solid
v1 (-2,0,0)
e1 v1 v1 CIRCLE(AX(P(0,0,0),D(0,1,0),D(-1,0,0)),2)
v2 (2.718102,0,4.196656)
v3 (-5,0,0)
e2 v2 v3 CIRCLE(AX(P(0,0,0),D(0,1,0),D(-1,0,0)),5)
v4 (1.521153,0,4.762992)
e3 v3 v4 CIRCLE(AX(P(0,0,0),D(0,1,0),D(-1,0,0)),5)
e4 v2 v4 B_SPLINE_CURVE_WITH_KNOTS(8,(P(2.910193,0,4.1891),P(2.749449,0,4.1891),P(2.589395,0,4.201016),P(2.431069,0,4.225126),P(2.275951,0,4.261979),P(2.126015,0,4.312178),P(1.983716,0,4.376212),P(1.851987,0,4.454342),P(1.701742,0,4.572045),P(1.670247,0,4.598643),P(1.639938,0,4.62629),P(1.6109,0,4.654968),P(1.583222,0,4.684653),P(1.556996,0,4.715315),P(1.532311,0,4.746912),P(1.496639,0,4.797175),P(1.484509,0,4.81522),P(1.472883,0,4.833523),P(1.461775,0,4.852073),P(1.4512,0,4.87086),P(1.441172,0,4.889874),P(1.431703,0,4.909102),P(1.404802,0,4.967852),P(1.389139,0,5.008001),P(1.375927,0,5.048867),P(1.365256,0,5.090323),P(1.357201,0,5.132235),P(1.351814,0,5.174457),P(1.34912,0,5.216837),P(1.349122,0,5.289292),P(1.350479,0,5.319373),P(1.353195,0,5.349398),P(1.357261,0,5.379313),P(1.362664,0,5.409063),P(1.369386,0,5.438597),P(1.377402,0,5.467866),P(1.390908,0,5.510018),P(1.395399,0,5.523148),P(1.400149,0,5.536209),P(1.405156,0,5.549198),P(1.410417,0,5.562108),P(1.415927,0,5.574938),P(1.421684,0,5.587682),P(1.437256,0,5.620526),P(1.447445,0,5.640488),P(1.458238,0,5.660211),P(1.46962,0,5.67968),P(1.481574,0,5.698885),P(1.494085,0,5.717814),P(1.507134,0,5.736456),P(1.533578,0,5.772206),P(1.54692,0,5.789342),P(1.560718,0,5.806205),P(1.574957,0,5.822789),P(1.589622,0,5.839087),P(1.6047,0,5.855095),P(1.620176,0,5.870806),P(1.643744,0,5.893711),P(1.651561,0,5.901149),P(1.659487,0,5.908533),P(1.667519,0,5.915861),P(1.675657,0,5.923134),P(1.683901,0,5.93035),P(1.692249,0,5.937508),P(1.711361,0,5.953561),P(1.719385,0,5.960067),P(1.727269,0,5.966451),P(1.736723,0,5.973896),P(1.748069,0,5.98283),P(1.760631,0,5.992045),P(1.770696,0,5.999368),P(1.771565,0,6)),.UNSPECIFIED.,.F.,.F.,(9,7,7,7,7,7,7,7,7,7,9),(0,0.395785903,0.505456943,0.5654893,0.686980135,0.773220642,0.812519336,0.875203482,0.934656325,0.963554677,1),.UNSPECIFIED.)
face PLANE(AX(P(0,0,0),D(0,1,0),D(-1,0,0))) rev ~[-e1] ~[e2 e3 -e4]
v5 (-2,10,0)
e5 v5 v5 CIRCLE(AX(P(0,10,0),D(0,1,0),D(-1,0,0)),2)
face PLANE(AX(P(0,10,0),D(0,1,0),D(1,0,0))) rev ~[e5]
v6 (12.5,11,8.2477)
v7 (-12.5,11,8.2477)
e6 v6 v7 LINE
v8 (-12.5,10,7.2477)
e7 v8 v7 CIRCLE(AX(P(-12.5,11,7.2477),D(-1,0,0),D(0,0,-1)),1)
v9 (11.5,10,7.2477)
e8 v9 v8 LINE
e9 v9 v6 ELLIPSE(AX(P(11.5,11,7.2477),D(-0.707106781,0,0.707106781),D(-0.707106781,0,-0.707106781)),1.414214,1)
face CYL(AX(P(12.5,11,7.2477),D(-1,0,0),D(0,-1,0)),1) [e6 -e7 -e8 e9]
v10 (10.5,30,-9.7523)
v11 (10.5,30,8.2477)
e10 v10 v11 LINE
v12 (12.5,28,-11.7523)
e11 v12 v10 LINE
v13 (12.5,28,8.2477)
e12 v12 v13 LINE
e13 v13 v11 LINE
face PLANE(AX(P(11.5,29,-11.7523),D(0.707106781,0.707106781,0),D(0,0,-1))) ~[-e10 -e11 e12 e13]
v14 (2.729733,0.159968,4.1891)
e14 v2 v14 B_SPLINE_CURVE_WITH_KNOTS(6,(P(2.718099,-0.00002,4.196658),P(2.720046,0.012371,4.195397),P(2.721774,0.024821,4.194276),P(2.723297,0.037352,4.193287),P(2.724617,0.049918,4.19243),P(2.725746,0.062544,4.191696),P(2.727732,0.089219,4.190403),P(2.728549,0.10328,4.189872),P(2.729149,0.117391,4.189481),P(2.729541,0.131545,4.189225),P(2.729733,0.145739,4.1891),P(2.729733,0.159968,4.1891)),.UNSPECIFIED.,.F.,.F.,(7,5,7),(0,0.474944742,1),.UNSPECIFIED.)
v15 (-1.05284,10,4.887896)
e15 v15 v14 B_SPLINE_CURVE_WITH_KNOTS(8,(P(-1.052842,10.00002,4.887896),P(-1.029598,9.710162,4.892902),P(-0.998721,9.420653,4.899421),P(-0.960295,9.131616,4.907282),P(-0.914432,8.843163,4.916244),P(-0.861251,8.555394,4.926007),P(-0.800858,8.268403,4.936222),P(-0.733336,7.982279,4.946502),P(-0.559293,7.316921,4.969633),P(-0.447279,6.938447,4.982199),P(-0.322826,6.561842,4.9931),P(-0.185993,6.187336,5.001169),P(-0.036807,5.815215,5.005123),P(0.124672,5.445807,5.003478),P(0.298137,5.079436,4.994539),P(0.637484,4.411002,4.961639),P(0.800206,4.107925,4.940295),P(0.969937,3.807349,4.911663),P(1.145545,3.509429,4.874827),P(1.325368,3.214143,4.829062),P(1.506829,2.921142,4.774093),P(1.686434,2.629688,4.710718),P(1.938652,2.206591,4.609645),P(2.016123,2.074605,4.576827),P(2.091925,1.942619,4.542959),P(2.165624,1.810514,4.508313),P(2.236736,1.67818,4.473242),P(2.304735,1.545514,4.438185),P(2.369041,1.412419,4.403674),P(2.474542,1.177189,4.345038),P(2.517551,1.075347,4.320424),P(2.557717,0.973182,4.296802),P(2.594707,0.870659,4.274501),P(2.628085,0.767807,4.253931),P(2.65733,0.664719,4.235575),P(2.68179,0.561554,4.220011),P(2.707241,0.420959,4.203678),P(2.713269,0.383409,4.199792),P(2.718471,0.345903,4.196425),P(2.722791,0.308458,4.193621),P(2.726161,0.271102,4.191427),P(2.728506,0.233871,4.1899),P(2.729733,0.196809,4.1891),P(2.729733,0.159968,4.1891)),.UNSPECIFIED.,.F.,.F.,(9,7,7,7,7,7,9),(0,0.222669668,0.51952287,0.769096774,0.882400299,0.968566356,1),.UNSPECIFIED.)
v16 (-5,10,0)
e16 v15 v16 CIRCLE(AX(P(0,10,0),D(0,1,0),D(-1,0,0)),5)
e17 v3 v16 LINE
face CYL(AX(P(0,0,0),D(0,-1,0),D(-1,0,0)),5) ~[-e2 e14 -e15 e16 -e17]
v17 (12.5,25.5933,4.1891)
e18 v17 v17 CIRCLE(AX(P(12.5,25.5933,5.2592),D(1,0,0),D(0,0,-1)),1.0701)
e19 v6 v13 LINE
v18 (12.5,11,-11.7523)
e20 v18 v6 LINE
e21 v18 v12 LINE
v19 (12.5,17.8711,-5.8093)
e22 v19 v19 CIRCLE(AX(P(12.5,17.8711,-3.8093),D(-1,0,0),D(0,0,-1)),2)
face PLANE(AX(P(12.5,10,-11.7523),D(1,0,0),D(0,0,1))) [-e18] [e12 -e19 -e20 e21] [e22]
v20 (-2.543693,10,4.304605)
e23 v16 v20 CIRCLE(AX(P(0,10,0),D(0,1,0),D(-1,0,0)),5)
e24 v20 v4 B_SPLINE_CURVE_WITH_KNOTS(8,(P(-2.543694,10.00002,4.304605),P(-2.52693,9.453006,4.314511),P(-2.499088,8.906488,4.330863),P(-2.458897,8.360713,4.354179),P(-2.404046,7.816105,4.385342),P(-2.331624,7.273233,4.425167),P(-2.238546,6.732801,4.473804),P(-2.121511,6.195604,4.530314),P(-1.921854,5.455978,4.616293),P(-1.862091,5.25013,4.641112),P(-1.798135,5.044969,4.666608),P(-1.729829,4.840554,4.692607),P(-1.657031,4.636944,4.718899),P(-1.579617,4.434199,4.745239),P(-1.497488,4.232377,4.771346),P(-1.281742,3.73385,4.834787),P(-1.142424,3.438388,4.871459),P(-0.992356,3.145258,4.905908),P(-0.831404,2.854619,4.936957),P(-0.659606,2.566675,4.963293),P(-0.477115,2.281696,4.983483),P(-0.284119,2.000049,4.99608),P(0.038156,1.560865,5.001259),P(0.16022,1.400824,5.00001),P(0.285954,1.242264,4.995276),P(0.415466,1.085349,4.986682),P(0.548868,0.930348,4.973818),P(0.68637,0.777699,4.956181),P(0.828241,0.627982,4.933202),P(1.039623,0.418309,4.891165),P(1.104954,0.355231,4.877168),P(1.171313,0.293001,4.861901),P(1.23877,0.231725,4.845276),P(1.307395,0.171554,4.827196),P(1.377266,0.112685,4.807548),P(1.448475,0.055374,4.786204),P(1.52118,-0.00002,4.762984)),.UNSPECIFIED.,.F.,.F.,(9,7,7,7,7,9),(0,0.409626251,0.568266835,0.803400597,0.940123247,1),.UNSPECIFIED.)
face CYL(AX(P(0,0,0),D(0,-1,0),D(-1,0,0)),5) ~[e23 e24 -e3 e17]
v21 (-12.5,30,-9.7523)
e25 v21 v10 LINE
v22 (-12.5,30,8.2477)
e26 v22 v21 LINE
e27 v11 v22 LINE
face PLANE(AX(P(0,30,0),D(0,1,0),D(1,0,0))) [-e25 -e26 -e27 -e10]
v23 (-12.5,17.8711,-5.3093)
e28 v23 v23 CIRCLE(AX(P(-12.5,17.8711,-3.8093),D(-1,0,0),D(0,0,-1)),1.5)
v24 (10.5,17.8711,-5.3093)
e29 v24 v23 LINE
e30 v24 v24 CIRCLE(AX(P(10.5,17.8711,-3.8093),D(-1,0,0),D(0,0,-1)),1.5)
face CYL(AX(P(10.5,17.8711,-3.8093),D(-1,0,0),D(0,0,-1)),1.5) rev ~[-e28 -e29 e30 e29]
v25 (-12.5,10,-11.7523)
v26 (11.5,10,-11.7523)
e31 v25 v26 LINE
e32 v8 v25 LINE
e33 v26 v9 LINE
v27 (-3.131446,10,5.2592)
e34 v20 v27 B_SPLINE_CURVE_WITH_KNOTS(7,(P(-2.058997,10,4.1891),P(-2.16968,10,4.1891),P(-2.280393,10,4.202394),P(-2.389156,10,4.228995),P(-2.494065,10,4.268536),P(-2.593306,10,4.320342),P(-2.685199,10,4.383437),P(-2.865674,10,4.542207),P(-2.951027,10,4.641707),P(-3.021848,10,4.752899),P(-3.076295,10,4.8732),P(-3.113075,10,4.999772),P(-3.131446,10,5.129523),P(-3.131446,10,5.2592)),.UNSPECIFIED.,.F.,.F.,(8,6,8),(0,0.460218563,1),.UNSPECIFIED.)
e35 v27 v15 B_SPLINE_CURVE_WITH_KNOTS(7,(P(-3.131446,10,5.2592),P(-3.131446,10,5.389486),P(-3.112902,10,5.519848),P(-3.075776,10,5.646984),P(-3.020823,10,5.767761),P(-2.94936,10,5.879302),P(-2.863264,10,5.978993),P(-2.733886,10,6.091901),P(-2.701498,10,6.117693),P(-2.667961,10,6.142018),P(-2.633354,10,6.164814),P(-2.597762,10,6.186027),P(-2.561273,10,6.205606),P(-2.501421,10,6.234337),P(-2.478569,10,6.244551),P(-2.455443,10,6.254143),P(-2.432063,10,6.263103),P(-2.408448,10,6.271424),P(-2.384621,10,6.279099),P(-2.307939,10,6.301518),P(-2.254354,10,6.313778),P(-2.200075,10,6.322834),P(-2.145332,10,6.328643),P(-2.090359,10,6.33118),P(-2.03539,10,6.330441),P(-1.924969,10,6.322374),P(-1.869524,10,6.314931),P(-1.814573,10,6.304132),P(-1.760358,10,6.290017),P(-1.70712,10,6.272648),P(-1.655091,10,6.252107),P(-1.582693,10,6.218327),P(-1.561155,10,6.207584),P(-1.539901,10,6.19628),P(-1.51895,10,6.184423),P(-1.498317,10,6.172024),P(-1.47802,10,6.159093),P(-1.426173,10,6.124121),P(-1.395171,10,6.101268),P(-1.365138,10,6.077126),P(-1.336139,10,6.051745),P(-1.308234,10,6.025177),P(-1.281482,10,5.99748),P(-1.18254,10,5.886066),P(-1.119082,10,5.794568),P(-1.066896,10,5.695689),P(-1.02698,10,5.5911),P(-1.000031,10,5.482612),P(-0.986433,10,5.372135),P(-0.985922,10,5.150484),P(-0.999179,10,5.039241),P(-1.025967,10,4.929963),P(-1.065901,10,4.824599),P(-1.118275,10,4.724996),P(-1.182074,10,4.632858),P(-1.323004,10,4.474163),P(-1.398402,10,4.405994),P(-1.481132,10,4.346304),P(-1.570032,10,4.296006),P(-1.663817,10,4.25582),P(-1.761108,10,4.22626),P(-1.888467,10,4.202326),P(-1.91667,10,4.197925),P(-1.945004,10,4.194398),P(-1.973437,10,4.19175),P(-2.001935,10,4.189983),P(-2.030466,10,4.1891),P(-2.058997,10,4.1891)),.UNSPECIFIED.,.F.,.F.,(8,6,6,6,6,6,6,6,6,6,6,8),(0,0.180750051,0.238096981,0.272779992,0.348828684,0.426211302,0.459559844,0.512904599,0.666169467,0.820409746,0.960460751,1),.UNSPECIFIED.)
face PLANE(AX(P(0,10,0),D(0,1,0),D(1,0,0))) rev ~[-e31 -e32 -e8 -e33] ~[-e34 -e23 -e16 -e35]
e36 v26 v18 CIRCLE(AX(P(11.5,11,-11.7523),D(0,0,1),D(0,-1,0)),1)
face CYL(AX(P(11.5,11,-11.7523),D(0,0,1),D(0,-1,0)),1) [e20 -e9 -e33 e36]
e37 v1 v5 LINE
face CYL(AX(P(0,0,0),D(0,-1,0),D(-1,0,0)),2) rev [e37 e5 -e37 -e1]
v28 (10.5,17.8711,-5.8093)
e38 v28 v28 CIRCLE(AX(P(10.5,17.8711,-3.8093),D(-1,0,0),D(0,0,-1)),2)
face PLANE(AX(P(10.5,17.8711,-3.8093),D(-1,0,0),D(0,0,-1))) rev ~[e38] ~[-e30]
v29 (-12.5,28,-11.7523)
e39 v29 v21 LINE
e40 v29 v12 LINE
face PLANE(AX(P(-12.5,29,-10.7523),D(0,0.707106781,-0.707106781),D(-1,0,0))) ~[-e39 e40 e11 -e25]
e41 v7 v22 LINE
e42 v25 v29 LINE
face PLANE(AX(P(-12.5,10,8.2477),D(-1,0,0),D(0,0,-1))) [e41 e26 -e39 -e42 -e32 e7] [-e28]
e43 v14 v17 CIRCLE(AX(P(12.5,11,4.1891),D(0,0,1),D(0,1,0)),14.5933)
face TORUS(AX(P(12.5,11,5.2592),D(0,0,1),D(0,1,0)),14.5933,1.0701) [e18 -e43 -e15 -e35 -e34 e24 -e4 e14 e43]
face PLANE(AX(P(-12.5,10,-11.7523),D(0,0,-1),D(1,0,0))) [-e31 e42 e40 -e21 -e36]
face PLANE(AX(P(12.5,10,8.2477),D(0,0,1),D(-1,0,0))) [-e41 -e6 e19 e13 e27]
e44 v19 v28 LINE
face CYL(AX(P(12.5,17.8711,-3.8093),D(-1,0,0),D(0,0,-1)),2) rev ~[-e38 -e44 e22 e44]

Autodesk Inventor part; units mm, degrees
ref_plane "YZ Plane" through (0, 0, 0) normal (1, 0, 0) x (0, 1, 0)
ref_plane "XZ Plane" through (0, 0, 0) normal (0, 1, 0) x (-1, 0, 0)
ref_plane "XY Plane" through (0, 0, 0) normal (0, 0, 1) x (1, 0, 0)
sketch "Szkic1" plane through (0, 0, 0) normal (0, 1, 0) x (-1, 0, 0)
  circle A0 centre (0, 0) radius 5
  circle A1 centre (0, 0) radius 2
  dimension "d0" = 10
  dimension "d1" = 3
extrude "Wyciągnięcie proste1" add sketch "Szkic1" along normal blind 10
sketch "Szkic2" plane through (0, 10, 0) normal (0, 1, 0) x (1, 0, 0)
  circle A0 centre (0, 0) radius 5 projected
  circle A1 centre (0, 0) radius 2 projected
  line L0 (-12.5, 11.7523) -> (12.5, 11.7523)
  line L1 (12.5, 11.7523) -> (12.5, -8.2477)
  line L2 (12.5, -8.2477) -> (-12.5, -8.2477)
  line L3 (-12.5, -8.2477) -> (-12.5, 11.7523)
  line L4 (0, 11.1673) -> (0, -8.4509) construction
  dimension "d4" = 20
  dimension "d5" = 25
extrude "Wyciągnięcie proste2" add sketch "Szkic2" along normal blind 20 contours A0 | A1 | L0 L1 L2 L3
fillet "Zaokrąglenie1" radius 1 2 edges at (0, 10, 8.2477) (12.5, 10, -1.7523)
chamfer "Faza1" distance 2 angle 45 2 edges at (12.5, 30, -1.7523) (0, 30, -11.7523)
sketch "Szkic3" plane through (12.5, 11, 8.2477) normal (1, 0, 0) x (0, 0, -1)
  line L0 (0, 17) -> (20, 17) projected
  line L1 (0, 0) -> (0, 17) projected
  line L2 (20, 0) -> (0, 0) projected
  line L3 (20, 0) -> (20, 17) projected
  circle A0 centre (2.9885, 14.5933) radius 1.0701
  line L4 (9.4628, 11.1568) -> (9.4628, 6.3913)
  line L5 (7.1085, 8.774) -> (15.0257, 8.774)
  point P0 (8.2477, -11)
revolve "Obrót1" add sketch "Szkic3" angle 360 about axis through (12.5, 11, -11.7523) along (0, 0, 1) contours A0
sketch "Szkic4" plane through (12.5, 11, 8.2477) normal (1, 0, 0) x (0, 0, -1)
  point P0 (8.2477, -11)
  point P1 (12.057, 6.8711)
hole "Otwór1" at (12.5, 17.8711, -3.8093) direction (-1, 0, 0) diameter 3 end through all counterbore diameter 4 counterbore depth 2
